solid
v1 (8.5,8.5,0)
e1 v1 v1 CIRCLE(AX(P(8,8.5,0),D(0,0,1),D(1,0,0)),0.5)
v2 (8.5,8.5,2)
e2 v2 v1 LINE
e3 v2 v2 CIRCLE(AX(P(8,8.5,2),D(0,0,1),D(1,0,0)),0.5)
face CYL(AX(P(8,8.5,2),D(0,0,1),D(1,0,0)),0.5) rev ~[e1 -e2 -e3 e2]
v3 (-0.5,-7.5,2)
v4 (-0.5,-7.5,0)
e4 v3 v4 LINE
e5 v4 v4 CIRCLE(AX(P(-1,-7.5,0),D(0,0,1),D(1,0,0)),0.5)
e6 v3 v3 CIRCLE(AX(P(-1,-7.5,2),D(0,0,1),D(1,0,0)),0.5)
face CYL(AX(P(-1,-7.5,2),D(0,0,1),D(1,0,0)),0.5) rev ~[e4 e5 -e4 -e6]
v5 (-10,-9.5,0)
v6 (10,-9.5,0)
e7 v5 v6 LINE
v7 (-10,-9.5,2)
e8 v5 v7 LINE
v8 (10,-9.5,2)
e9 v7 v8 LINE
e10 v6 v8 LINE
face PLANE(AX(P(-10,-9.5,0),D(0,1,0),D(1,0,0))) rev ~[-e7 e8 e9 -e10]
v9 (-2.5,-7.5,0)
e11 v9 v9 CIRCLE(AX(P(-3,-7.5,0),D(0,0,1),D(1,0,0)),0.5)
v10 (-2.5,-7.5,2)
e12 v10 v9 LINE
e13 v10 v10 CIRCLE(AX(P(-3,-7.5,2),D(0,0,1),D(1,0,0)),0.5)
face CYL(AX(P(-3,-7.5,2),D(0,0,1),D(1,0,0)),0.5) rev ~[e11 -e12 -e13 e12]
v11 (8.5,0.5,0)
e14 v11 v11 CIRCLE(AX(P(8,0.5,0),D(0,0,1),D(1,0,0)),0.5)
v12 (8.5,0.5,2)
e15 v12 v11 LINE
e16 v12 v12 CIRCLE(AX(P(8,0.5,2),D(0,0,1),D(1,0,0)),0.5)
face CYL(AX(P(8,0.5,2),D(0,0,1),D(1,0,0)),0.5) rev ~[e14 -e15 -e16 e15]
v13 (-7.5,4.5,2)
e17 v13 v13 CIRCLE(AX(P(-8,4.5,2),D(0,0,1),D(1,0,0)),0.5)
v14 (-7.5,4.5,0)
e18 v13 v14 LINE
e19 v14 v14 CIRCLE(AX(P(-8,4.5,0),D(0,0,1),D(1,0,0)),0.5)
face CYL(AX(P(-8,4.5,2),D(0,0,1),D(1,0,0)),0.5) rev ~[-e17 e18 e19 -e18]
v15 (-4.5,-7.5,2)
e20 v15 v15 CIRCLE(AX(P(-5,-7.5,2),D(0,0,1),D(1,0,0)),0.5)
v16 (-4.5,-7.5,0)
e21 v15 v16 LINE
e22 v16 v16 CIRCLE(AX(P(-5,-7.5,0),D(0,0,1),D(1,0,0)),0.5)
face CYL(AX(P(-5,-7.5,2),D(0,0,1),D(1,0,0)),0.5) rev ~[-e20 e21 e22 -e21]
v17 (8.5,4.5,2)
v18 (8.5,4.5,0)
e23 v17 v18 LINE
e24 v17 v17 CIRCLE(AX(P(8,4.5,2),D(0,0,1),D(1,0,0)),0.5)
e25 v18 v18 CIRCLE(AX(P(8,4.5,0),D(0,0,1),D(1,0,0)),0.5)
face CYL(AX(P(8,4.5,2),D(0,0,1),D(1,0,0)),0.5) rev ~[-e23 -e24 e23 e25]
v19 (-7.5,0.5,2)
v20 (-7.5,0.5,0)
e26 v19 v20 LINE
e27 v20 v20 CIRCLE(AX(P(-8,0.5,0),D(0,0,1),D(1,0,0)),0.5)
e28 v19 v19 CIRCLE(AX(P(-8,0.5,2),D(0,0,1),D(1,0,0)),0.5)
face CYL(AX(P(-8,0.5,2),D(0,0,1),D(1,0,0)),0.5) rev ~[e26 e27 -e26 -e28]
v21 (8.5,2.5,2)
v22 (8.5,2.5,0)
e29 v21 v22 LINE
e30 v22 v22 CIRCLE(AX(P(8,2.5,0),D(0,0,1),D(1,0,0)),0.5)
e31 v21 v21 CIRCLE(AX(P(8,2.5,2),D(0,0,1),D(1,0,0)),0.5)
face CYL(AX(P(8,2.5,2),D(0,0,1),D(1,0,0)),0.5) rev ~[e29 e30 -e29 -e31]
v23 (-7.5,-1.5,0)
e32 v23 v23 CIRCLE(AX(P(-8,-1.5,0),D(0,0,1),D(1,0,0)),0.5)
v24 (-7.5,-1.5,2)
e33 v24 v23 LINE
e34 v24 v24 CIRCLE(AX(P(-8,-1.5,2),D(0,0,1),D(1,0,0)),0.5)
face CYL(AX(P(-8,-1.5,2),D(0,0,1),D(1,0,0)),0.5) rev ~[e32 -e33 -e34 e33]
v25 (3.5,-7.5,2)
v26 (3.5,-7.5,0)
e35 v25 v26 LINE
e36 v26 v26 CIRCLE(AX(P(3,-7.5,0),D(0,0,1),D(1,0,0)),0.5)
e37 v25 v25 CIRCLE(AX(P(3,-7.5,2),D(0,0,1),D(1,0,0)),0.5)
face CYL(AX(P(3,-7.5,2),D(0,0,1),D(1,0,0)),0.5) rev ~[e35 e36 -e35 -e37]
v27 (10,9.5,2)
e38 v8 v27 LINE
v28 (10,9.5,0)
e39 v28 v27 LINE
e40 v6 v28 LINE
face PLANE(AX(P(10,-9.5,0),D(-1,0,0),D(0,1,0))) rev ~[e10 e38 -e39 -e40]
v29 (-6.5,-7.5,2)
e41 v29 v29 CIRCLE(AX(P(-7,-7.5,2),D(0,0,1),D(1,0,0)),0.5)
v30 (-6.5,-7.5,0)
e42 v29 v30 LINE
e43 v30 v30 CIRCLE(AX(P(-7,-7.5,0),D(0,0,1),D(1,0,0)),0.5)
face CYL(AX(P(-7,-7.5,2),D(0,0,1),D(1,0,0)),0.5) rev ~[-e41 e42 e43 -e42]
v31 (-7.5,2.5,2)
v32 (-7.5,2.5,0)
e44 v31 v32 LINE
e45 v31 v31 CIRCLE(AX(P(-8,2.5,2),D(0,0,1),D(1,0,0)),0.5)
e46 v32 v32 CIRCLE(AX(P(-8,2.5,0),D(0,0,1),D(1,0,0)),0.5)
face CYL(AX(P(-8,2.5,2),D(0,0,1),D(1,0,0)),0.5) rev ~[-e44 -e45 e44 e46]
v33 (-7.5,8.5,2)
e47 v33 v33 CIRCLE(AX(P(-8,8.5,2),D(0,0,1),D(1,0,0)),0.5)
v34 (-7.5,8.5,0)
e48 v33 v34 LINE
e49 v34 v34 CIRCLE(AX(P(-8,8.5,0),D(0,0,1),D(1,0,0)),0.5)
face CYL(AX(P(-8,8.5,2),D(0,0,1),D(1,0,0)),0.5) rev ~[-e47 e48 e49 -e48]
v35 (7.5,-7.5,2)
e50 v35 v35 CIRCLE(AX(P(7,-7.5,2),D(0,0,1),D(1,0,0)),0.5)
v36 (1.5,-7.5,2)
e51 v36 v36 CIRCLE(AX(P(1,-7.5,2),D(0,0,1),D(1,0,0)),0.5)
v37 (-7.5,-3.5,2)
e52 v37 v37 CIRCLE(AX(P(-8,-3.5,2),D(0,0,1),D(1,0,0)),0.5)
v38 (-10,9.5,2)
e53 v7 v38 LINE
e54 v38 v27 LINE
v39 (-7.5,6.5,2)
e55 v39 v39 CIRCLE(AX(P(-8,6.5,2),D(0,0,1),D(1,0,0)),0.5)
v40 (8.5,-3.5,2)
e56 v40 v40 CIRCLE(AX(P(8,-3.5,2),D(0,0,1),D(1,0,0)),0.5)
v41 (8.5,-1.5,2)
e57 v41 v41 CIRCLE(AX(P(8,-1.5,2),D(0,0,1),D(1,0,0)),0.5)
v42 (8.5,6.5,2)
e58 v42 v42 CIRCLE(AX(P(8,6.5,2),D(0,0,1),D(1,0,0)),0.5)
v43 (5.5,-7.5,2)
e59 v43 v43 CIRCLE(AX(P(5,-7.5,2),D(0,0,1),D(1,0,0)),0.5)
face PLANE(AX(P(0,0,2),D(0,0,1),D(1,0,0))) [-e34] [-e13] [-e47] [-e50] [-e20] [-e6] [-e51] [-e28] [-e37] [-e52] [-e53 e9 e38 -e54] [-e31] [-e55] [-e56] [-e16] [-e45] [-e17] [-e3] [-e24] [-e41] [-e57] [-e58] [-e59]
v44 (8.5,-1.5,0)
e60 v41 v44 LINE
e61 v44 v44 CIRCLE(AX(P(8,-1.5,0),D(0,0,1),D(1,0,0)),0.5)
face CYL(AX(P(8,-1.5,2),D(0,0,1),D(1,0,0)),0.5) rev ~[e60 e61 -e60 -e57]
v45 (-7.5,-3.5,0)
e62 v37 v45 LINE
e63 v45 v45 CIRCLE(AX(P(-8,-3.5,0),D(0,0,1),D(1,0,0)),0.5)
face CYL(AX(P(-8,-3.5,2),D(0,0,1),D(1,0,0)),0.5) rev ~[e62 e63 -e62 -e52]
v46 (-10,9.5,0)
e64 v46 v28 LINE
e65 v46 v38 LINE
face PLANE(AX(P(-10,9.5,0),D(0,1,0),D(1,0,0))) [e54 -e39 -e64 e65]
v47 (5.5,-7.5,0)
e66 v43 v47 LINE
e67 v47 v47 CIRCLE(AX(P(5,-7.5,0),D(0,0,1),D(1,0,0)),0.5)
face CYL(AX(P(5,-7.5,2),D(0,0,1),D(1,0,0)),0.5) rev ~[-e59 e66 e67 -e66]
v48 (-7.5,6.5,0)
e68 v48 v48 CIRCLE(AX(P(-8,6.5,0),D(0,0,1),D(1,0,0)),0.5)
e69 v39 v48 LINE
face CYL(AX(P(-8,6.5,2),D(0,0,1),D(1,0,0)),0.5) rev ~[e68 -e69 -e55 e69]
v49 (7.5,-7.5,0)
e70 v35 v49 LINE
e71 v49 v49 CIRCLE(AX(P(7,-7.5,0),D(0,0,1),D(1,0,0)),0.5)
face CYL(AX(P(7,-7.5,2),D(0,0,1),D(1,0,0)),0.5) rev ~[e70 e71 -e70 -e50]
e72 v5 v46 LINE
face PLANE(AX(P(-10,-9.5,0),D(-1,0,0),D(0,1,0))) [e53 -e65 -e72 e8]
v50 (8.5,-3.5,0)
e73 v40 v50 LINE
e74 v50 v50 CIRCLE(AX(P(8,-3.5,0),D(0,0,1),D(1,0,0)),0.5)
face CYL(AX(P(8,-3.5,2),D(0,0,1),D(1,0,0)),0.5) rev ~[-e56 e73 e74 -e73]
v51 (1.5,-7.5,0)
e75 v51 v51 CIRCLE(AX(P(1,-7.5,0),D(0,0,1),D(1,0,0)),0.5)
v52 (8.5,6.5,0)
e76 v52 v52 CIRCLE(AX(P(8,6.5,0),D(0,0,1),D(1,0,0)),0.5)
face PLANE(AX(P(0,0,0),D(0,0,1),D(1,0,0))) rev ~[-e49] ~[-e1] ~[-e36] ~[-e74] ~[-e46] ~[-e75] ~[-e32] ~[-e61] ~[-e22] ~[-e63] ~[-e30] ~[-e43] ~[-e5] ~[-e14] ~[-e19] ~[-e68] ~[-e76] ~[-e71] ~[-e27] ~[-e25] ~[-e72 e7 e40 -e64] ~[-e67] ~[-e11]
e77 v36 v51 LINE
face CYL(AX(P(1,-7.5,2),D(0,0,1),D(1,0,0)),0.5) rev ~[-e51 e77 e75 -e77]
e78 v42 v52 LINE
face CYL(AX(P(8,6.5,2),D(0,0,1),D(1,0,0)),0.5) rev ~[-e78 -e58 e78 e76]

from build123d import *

# Parameters (mm, degrees)
SKETCH_W               = 20
SKETCH_H               = 19
PAD_DEPTH              = 2
SKETCH001_R            = 0.5
POCKET_DEPTH           = 5
LINEARPATTERN_COUNT    = 7
LINEARPATTERN_PITCH    = 2
SKETCH002_R            = 0.5
POCKET001_DEPTH        = 5
LINEARPATTERN001_COUNT = 8
LINEARPATTERN001_PITCH = 2


with BuildPart() as part:
    # Sketch → Pad (new body)
    with BuildSketch(Plane.XY):
        Rectangle(SKETCH_W, SKETCH_H)
    extrude(amount=PAD_DEPTH)

    # Sketch001 (on Face6 of Pad) → Pocket (cut)
    with BuildSketch(Plane.XY.offset(2)):
        with Locations((-8, 8.5)):
            Circle(SKETCH001_R)
        with Locations((8, 8.5)):
            Circle(SKETCH001_R)
    pocket = extrude(amount=-POCKET_DEPTH, mode=Mode.SUBTRACT)

    # LinearPattern: Pocket ×7
    with Locations(*[(0, -i * LINEARPATTERN_PITCH, 0) for i in range(1, LINEARPATTERN_COUNT)]):
        add(pocket, mode=Mode.SUBTRACT)

    # Sketch002 (on Face5 of LinearPattern) → Pocket001 (cut)
    with BuildSketch(Plane.XY.offset(2)):
        with Locations((-7, -7.5)):
            Circle(SKETCH002_R)
    pocket001 = extrude(amount=-POCKET001_DEPTH, mode=Mode.SUBTRACT)

    # LinearPattern001: Pocket001 ×8
    with Locations(*[(i * LINEARPATTERN001_PITCH, 0, 0) for i in range(1, LINEARPATTERN001_COUNT)]):
        add(pocket001, mode=Mode.SUBTRACT)


solid = part.part
